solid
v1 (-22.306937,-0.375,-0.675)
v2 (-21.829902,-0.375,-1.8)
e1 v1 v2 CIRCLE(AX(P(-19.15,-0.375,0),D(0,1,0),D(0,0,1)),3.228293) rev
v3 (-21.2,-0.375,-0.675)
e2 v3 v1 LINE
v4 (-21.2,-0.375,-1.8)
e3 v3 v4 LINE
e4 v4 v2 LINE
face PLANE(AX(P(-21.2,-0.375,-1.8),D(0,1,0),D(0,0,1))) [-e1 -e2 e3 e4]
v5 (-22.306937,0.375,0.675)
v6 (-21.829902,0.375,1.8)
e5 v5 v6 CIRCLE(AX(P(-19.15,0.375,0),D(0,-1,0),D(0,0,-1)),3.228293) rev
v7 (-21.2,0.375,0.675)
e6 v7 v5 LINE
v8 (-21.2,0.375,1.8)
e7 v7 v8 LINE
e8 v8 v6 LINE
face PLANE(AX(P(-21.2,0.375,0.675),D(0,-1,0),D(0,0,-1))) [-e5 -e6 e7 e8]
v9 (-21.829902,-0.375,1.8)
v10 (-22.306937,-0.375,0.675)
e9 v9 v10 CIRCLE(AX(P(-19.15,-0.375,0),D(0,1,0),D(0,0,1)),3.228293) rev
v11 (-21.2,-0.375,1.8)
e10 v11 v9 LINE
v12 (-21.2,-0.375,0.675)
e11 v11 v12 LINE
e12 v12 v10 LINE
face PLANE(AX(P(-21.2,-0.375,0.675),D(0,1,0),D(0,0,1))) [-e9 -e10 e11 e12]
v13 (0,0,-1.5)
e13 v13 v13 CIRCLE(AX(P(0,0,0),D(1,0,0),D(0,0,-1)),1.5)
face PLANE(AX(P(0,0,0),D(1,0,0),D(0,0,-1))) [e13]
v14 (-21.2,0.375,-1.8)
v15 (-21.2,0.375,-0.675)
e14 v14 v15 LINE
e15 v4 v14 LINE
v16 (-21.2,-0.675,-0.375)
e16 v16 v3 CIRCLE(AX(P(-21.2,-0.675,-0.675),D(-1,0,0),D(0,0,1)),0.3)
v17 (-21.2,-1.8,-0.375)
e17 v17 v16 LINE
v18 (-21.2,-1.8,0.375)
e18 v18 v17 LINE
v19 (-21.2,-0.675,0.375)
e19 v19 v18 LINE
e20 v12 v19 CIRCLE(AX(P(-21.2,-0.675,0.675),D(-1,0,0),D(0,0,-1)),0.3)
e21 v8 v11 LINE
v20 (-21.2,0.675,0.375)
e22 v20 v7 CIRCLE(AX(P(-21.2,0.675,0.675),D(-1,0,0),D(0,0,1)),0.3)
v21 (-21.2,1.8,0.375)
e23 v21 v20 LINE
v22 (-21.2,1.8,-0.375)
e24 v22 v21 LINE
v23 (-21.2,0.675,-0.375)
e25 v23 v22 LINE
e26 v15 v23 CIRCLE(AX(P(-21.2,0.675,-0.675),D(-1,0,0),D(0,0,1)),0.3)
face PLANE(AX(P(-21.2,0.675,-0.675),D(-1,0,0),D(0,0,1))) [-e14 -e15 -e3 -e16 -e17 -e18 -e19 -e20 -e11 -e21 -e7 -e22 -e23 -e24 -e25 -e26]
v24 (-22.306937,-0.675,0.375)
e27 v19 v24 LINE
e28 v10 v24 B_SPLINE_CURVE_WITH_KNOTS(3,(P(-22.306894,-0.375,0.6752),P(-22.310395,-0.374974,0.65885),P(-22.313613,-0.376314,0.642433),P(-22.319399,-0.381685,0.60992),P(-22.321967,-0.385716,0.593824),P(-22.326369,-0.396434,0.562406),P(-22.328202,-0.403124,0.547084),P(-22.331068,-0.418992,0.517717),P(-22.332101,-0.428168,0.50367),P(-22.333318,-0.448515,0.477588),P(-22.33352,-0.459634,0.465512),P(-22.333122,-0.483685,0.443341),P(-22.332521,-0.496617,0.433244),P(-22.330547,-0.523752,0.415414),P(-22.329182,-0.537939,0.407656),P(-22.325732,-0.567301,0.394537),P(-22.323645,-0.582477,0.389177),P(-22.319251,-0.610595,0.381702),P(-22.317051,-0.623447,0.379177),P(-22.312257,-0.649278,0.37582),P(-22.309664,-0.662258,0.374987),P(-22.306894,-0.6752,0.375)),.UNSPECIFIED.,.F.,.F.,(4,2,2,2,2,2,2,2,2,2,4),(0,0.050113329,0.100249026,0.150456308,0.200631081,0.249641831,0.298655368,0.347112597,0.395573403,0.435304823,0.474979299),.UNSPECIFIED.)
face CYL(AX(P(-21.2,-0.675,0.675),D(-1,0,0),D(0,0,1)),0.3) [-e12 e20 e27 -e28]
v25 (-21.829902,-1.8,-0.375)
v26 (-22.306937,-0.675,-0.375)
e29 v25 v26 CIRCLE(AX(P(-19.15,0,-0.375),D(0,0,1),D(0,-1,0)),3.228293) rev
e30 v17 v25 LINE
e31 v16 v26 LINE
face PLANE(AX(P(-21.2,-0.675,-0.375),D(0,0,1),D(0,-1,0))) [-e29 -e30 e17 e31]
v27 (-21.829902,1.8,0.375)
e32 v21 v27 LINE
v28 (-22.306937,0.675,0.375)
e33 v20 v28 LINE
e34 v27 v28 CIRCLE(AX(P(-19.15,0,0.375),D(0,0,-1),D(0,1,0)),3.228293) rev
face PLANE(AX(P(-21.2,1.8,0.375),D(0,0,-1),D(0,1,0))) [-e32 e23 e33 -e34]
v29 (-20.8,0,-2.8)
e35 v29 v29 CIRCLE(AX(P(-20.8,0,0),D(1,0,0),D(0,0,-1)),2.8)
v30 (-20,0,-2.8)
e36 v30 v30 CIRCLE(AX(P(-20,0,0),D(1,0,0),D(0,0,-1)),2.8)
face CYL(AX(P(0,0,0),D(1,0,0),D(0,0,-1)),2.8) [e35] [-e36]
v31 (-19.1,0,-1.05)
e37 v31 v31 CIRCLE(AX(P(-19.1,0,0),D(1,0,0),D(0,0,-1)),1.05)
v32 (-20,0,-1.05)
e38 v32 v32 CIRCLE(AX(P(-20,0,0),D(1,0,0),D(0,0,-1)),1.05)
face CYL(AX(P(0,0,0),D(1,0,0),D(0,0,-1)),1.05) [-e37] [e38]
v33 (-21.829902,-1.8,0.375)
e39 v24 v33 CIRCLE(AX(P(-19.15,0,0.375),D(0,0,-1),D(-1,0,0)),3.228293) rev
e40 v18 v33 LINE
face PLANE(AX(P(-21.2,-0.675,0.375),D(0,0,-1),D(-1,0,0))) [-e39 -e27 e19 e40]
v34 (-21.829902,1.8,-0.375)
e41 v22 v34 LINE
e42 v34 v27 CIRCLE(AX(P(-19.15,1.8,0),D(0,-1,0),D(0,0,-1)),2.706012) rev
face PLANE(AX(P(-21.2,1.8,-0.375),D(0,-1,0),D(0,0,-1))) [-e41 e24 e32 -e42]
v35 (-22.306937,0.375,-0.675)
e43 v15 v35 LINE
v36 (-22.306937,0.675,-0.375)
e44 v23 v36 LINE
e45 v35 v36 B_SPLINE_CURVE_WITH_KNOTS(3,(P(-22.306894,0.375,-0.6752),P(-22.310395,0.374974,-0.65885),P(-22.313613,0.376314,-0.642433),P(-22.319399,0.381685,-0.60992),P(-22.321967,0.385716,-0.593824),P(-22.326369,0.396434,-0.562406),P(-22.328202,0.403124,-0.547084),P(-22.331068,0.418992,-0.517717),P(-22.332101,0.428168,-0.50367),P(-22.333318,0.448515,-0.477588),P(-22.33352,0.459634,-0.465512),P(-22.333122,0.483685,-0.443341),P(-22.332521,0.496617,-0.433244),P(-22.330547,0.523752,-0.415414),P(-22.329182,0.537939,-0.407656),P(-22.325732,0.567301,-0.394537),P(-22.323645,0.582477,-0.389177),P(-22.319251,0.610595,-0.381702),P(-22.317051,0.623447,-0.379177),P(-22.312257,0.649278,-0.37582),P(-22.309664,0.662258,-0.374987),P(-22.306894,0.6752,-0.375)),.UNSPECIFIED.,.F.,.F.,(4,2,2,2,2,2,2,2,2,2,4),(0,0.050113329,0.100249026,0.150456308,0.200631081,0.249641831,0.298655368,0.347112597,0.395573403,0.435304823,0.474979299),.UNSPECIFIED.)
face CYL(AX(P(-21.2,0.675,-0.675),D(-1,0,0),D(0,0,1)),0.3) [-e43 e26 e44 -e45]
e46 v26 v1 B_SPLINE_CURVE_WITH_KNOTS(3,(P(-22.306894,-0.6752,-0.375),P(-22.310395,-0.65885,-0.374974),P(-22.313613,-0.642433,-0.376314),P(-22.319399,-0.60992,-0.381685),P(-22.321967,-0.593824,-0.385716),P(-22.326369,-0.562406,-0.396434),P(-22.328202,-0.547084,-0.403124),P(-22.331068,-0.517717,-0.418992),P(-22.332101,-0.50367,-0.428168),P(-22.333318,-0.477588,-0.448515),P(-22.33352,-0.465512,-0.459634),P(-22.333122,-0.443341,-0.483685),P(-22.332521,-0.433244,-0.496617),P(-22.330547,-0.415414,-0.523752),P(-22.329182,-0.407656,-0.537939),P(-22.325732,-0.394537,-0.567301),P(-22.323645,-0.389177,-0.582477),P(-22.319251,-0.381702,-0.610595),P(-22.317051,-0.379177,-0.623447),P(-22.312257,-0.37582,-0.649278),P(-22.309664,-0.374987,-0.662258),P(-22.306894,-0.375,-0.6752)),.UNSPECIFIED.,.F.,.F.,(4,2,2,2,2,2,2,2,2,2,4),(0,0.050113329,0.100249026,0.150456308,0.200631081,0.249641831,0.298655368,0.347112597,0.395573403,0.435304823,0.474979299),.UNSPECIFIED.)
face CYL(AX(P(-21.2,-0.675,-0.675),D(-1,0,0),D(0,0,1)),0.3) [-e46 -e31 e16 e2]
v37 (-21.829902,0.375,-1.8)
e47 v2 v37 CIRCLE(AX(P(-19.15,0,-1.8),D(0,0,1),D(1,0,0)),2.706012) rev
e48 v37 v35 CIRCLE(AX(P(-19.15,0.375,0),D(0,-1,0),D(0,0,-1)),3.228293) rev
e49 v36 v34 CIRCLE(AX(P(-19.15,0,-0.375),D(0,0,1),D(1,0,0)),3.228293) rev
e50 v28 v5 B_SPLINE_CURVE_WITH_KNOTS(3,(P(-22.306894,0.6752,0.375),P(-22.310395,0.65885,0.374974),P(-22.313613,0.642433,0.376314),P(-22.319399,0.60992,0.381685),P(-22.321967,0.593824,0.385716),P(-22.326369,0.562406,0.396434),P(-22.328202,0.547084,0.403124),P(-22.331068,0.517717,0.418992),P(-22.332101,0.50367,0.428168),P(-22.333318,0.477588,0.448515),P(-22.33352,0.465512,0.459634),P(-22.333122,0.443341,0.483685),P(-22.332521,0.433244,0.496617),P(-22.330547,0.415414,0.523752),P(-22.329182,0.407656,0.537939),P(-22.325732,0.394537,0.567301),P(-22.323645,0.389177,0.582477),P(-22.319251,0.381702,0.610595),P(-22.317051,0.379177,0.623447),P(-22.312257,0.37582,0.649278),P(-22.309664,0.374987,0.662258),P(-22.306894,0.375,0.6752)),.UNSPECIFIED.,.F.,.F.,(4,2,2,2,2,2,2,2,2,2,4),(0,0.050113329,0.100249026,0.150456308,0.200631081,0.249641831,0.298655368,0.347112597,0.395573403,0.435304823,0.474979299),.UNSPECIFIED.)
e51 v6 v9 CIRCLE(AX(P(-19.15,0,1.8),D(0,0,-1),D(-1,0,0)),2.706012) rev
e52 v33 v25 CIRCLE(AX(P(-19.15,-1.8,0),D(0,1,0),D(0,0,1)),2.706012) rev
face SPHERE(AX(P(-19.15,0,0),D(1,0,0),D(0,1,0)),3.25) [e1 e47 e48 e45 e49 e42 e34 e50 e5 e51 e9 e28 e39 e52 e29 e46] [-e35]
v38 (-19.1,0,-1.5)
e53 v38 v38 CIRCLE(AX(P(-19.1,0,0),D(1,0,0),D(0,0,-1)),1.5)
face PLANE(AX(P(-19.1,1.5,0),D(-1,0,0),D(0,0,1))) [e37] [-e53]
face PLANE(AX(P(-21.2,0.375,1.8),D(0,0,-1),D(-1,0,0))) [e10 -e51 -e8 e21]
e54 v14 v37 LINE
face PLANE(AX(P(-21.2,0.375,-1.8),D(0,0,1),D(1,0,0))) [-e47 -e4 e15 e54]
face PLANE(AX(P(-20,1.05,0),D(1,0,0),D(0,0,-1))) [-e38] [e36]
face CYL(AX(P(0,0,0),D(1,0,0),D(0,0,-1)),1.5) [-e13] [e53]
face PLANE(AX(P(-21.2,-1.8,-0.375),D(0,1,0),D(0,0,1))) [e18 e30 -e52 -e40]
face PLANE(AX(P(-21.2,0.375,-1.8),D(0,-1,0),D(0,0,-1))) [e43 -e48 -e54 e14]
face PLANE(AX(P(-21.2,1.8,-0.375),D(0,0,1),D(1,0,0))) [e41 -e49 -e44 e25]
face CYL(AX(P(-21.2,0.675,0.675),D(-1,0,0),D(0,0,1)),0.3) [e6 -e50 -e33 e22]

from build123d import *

# Parameters (mm, degrees)
CUT_EXTRUDE_5_DEPTH = 1.2


with BuildPart() as part:
    # 草图2 → 旋转1 (revolve)
    with BuildSketch(Plane.XY):
        with BuildLine():
            Line((0, 0), (0, 1.5))
            Line((0, 1.5), (-19.1, 1.5))
            Line((-19.1, 1.5), (-19.1, 1.05))
            Line((-19.1, 1.05), (-20, 1.05))
            Line((-20, 1.05), (-20, 2.8))
            Line((-20, 2.8), (-20.8, 2.8))
            ThreePointArc((-20.8, 2.8), (-21.971790212, 1.61245155), (-22.4, 0))
            Line((-22.4, 0), (0, 0))
        make_face()
    revolve(axis=Axis((0, 0, 0), (-1, 0, 0)))

    # 草图3 → 切除-拉伸5 (cut)
    with BuildSketch(Plane(origin=(-22.4, 0, 0), x_dir=(0, 0, -1), z_dir=(1, 0, 0))):
        with BuildLine():
            Line((0.375, 1.8), (-0.375, 1.8))
            Line((-0.375, 1.8), (-0.375, 0.675))
            ThreePointArc((-0.375, 0.675), (-0.462867966, 0.462867966), (-0.675, 0.375))
            Line((-0.675, 0.375), (-1.8, 0.375))
            Line((-1.8, 0.375), (-1.8, -0.375))
            Line((-1.8, -0.375), (-0.675, -0.375))
            ThreePointArc((-0.675, -0.375), (-0.462867966, -0.462867966), (-0.375, -0.675))
            Line((-0.375, -0.675), (-0.375, -1.8))
            Line((-0.375, -1.8), (0.375, -1.8))
            Line((0.375, -1.8), (0.375, -0.675))
            ThreePointArc((0.375, -0.675), (0.462867966, -0.462867966), (0.675, -0.375))
            Line((0.675, -0.375), (1.8, -0.375))
            Line((1.8, -0.375), (1.8, 0.375))
            Line((1.8, 0.375), (0.675, 0.375))
            ThreePointArc((0.675, 0.375), (0.462867966, 0.462867966), (0.375, 0.675))
            Line((0.375, 0.675), (0.375, 1.8))
        make_face()
    extrude(amount=CUT_EXTRUDE_5_DEPTH, mode=Mode.SUBTRACT)


solid = part.part
